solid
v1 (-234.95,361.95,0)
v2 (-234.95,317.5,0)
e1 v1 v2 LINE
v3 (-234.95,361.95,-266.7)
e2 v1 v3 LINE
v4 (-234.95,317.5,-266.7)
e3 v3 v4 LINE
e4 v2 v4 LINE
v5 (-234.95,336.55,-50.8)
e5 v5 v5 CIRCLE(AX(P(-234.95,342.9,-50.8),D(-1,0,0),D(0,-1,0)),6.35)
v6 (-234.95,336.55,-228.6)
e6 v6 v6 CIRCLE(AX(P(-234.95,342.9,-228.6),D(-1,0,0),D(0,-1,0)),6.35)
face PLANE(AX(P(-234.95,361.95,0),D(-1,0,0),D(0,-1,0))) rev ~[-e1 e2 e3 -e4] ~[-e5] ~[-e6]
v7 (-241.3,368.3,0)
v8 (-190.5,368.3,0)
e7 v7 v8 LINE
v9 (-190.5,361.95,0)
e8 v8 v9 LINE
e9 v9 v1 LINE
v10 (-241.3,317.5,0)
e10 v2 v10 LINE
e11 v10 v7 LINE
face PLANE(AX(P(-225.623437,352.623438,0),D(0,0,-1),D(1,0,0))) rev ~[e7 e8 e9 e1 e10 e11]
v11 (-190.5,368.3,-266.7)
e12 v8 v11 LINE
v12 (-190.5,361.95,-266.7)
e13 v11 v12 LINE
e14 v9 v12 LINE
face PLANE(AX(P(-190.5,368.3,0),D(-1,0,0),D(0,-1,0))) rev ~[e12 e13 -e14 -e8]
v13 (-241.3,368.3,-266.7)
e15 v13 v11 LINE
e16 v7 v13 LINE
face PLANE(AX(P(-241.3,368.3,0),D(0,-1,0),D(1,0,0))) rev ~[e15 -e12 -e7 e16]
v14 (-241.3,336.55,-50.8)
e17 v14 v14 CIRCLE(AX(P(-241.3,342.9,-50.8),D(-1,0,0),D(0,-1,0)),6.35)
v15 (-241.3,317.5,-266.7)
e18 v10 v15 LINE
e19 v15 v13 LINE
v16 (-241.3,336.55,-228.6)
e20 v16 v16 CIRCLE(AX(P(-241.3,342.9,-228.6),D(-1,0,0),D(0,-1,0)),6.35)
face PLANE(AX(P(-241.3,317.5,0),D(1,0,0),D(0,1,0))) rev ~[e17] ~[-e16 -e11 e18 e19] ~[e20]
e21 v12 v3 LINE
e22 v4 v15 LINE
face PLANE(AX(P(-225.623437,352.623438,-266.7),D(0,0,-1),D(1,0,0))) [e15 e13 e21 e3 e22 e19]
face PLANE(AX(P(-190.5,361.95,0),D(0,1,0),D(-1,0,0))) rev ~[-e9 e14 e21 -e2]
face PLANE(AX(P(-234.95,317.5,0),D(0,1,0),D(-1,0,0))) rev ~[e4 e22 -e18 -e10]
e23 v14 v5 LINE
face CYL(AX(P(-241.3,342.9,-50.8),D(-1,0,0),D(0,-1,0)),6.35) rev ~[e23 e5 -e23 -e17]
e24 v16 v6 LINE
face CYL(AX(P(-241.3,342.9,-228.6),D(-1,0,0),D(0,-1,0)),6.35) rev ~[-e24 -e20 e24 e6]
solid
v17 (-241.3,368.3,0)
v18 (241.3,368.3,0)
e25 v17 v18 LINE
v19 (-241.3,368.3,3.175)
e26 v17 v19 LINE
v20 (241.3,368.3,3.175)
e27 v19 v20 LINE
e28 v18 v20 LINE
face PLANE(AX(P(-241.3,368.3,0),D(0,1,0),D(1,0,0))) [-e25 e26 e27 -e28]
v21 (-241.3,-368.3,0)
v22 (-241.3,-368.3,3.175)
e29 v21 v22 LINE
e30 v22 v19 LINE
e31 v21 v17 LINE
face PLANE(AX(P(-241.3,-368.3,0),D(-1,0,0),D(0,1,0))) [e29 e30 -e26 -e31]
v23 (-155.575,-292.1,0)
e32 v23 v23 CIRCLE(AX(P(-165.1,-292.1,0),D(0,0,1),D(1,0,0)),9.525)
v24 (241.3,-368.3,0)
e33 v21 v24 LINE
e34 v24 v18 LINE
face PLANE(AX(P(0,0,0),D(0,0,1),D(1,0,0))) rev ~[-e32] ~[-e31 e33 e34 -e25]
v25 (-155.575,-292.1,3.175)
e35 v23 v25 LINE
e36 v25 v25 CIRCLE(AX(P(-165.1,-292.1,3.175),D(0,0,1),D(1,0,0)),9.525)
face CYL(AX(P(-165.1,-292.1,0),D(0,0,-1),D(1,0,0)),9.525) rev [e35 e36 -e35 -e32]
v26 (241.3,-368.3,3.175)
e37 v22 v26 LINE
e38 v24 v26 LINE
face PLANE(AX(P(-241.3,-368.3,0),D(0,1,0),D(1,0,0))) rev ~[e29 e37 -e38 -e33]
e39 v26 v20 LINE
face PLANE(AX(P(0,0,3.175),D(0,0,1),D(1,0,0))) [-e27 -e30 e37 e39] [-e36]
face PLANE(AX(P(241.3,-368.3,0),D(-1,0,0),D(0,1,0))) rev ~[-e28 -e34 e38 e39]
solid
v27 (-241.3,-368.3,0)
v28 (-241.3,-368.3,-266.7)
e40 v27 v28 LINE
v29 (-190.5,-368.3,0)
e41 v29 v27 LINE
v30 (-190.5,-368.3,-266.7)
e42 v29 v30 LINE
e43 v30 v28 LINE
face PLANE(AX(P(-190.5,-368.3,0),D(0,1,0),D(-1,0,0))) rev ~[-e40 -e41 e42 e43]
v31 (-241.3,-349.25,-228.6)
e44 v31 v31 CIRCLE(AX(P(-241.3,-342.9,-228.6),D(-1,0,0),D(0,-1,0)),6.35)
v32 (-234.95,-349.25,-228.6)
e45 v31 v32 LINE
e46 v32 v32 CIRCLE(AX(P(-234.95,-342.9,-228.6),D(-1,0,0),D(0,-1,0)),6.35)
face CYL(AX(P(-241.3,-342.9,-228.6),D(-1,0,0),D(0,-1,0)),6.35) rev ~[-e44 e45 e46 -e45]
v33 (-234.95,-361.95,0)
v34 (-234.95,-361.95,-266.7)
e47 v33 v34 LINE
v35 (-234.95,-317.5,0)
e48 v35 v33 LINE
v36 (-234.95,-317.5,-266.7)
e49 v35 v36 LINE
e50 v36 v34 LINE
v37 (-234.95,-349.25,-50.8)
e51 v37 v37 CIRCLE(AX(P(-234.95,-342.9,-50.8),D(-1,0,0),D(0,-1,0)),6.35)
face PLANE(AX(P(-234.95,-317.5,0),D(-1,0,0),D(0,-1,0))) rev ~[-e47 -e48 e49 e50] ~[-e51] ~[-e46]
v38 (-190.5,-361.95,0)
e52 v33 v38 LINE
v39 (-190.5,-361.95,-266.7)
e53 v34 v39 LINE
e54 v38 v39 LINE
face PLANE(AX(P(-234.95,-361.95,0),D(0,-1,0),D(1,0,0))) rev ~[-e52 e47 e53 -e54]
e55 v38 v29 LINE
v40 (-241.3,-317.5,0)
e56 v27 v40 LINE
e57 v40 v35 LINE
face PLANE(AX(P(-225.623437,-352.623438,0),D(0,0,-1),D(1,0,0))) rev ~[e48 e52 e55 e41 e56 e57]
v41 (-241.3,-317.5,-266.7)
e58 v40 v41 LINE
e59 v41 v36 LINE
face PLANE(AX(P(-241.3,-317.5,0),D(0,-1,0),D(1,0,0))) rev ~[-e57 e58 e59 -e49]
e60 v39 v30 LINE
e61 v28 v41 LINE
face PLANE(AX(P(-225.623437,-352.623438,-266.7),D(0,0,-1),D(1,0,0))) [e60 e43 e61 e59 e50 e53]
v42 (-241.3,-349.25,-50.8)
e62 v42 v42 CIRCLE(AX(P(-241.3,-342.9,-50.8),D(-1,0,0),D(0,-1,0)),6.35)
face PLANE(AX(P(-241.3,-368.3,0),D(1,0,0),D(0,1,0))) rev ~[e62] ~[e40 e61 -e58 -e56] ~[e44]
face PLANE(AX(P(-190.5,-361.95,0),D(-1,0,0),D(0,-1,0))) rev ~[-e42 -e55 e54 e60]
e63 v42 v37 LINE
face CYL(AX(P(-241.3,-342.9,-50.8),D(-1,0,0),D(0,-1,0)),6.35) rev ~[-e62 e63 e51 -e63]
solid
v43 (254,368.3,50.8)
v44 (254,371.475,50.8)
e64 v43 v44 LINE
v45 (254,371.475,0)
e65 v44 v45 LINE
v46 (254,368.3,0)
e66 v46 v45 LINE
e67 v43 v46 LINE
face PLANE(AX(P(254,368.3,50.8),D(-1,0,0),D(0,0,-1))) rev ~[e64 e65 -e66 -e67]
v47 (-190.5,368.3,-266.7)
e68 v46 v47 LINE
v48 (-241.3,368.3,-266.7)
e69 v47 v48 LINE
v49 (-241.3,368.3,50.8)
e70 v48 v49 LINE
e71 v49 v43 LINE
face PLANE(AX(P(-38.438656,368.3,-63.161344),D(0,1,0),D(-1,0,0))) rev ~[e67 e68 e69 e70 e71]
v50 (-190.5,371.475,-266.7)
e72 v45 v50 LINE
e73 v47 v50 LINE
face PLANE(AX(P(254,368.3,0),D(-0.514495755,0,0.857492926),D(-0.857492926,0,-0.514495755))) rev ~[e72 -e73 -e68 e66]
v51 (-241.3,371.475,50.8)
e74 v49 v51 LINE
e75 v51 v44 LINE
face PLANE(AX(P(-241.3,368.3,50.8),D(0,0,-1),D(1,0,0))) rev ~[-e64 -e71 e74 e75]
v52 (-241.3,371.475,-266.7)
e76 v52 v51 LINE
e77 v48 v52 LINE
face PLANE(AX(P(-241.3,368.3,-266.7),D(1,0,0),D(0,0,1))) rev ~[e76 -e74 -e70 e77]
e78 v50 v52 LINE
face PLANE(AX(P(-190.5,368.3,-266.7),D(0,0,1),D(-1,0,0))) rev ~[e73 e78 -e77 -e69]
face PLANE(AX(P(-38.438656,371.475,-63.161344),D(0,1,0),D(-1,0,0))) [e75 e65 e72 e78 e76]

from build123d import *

# Parameters (mm, degrees)
F0_W     = 482.6
F0_H     = 736.6
F0_R     = 9.525
F1_DEPTH = 3.175
F3_DEPTH = 266.7
F5_DEPTH = 3.175
F6_R     = 6.35
F7_DEPTH = 25.4


with BuildPart() as f1:
    # F0 (on Top) → F1 (new body)
    with BuildSketch(Plane.XY):
        Rectangle(F0_W, F0_H)
        with Locations((-165.1, -292.1)):
            Circle(F0_R, mode=Mode.SUBTRACT)
    extrude(amount=F1_DEPTH)


with BuildPart() as f3:
    # F2 (on face) → F3 (new body)
    with BuildSketch(Plane(origin=(0, 0, 0), x_dir=(1, 0, 0), z_dir=(0, 0, -1))):
        Polygon((-241.3, -317.5), (-241.3, -368.3), (-190.5, -368.3), (-190.5, -361.95), (-234.95, -361.95), (-234.95, -317.5), align=None)
        Polygon((-190.5, 368.3), (-241.3, 368.3), (-241.3, 317.5), (-234.95, 317.5), (-234.95, 361.95), (-190.5, 361.95), align=None)
    extrude(amount=F3_DEPTH)

    # F6 (on face) → F7 (cut)
    with BuildSketch(Plane(origin=(-241.3, 0, 0), x_dir=(0, -1, 0), z_dir=(-1, 0, 0))):
        with Locations((-342.9, -50.8)):
            Circle(F6_R)
        with Locations((-342.9, -228.6)):
            Circle(F6_R)
        with Locations((342.9, -228.6)):
            Circle(F6_R)
        with Locations((342.9, -50.8)):
            Circle(F6_R)
    extrude(amount=-F7_DEPTH, mode=Mode.SUBTRACT)


with BuildPart() as f5:
    # F4 (on face) → F5 (new body)
    with BuildSketch(Plane(origin=(0, 368.3, 0), x_dir=(-1, 0, 0), z_dir=(0, 1, 0))):
        Polygon((190.5, -266.7), (241.3, -266.7), (241.3, 50.8), (-254, 50.8), (-254, 0), align=None)
    extrude(amount=F5_DEPTH)


solid = Compound([f1.part, f3.part, f5.part])
